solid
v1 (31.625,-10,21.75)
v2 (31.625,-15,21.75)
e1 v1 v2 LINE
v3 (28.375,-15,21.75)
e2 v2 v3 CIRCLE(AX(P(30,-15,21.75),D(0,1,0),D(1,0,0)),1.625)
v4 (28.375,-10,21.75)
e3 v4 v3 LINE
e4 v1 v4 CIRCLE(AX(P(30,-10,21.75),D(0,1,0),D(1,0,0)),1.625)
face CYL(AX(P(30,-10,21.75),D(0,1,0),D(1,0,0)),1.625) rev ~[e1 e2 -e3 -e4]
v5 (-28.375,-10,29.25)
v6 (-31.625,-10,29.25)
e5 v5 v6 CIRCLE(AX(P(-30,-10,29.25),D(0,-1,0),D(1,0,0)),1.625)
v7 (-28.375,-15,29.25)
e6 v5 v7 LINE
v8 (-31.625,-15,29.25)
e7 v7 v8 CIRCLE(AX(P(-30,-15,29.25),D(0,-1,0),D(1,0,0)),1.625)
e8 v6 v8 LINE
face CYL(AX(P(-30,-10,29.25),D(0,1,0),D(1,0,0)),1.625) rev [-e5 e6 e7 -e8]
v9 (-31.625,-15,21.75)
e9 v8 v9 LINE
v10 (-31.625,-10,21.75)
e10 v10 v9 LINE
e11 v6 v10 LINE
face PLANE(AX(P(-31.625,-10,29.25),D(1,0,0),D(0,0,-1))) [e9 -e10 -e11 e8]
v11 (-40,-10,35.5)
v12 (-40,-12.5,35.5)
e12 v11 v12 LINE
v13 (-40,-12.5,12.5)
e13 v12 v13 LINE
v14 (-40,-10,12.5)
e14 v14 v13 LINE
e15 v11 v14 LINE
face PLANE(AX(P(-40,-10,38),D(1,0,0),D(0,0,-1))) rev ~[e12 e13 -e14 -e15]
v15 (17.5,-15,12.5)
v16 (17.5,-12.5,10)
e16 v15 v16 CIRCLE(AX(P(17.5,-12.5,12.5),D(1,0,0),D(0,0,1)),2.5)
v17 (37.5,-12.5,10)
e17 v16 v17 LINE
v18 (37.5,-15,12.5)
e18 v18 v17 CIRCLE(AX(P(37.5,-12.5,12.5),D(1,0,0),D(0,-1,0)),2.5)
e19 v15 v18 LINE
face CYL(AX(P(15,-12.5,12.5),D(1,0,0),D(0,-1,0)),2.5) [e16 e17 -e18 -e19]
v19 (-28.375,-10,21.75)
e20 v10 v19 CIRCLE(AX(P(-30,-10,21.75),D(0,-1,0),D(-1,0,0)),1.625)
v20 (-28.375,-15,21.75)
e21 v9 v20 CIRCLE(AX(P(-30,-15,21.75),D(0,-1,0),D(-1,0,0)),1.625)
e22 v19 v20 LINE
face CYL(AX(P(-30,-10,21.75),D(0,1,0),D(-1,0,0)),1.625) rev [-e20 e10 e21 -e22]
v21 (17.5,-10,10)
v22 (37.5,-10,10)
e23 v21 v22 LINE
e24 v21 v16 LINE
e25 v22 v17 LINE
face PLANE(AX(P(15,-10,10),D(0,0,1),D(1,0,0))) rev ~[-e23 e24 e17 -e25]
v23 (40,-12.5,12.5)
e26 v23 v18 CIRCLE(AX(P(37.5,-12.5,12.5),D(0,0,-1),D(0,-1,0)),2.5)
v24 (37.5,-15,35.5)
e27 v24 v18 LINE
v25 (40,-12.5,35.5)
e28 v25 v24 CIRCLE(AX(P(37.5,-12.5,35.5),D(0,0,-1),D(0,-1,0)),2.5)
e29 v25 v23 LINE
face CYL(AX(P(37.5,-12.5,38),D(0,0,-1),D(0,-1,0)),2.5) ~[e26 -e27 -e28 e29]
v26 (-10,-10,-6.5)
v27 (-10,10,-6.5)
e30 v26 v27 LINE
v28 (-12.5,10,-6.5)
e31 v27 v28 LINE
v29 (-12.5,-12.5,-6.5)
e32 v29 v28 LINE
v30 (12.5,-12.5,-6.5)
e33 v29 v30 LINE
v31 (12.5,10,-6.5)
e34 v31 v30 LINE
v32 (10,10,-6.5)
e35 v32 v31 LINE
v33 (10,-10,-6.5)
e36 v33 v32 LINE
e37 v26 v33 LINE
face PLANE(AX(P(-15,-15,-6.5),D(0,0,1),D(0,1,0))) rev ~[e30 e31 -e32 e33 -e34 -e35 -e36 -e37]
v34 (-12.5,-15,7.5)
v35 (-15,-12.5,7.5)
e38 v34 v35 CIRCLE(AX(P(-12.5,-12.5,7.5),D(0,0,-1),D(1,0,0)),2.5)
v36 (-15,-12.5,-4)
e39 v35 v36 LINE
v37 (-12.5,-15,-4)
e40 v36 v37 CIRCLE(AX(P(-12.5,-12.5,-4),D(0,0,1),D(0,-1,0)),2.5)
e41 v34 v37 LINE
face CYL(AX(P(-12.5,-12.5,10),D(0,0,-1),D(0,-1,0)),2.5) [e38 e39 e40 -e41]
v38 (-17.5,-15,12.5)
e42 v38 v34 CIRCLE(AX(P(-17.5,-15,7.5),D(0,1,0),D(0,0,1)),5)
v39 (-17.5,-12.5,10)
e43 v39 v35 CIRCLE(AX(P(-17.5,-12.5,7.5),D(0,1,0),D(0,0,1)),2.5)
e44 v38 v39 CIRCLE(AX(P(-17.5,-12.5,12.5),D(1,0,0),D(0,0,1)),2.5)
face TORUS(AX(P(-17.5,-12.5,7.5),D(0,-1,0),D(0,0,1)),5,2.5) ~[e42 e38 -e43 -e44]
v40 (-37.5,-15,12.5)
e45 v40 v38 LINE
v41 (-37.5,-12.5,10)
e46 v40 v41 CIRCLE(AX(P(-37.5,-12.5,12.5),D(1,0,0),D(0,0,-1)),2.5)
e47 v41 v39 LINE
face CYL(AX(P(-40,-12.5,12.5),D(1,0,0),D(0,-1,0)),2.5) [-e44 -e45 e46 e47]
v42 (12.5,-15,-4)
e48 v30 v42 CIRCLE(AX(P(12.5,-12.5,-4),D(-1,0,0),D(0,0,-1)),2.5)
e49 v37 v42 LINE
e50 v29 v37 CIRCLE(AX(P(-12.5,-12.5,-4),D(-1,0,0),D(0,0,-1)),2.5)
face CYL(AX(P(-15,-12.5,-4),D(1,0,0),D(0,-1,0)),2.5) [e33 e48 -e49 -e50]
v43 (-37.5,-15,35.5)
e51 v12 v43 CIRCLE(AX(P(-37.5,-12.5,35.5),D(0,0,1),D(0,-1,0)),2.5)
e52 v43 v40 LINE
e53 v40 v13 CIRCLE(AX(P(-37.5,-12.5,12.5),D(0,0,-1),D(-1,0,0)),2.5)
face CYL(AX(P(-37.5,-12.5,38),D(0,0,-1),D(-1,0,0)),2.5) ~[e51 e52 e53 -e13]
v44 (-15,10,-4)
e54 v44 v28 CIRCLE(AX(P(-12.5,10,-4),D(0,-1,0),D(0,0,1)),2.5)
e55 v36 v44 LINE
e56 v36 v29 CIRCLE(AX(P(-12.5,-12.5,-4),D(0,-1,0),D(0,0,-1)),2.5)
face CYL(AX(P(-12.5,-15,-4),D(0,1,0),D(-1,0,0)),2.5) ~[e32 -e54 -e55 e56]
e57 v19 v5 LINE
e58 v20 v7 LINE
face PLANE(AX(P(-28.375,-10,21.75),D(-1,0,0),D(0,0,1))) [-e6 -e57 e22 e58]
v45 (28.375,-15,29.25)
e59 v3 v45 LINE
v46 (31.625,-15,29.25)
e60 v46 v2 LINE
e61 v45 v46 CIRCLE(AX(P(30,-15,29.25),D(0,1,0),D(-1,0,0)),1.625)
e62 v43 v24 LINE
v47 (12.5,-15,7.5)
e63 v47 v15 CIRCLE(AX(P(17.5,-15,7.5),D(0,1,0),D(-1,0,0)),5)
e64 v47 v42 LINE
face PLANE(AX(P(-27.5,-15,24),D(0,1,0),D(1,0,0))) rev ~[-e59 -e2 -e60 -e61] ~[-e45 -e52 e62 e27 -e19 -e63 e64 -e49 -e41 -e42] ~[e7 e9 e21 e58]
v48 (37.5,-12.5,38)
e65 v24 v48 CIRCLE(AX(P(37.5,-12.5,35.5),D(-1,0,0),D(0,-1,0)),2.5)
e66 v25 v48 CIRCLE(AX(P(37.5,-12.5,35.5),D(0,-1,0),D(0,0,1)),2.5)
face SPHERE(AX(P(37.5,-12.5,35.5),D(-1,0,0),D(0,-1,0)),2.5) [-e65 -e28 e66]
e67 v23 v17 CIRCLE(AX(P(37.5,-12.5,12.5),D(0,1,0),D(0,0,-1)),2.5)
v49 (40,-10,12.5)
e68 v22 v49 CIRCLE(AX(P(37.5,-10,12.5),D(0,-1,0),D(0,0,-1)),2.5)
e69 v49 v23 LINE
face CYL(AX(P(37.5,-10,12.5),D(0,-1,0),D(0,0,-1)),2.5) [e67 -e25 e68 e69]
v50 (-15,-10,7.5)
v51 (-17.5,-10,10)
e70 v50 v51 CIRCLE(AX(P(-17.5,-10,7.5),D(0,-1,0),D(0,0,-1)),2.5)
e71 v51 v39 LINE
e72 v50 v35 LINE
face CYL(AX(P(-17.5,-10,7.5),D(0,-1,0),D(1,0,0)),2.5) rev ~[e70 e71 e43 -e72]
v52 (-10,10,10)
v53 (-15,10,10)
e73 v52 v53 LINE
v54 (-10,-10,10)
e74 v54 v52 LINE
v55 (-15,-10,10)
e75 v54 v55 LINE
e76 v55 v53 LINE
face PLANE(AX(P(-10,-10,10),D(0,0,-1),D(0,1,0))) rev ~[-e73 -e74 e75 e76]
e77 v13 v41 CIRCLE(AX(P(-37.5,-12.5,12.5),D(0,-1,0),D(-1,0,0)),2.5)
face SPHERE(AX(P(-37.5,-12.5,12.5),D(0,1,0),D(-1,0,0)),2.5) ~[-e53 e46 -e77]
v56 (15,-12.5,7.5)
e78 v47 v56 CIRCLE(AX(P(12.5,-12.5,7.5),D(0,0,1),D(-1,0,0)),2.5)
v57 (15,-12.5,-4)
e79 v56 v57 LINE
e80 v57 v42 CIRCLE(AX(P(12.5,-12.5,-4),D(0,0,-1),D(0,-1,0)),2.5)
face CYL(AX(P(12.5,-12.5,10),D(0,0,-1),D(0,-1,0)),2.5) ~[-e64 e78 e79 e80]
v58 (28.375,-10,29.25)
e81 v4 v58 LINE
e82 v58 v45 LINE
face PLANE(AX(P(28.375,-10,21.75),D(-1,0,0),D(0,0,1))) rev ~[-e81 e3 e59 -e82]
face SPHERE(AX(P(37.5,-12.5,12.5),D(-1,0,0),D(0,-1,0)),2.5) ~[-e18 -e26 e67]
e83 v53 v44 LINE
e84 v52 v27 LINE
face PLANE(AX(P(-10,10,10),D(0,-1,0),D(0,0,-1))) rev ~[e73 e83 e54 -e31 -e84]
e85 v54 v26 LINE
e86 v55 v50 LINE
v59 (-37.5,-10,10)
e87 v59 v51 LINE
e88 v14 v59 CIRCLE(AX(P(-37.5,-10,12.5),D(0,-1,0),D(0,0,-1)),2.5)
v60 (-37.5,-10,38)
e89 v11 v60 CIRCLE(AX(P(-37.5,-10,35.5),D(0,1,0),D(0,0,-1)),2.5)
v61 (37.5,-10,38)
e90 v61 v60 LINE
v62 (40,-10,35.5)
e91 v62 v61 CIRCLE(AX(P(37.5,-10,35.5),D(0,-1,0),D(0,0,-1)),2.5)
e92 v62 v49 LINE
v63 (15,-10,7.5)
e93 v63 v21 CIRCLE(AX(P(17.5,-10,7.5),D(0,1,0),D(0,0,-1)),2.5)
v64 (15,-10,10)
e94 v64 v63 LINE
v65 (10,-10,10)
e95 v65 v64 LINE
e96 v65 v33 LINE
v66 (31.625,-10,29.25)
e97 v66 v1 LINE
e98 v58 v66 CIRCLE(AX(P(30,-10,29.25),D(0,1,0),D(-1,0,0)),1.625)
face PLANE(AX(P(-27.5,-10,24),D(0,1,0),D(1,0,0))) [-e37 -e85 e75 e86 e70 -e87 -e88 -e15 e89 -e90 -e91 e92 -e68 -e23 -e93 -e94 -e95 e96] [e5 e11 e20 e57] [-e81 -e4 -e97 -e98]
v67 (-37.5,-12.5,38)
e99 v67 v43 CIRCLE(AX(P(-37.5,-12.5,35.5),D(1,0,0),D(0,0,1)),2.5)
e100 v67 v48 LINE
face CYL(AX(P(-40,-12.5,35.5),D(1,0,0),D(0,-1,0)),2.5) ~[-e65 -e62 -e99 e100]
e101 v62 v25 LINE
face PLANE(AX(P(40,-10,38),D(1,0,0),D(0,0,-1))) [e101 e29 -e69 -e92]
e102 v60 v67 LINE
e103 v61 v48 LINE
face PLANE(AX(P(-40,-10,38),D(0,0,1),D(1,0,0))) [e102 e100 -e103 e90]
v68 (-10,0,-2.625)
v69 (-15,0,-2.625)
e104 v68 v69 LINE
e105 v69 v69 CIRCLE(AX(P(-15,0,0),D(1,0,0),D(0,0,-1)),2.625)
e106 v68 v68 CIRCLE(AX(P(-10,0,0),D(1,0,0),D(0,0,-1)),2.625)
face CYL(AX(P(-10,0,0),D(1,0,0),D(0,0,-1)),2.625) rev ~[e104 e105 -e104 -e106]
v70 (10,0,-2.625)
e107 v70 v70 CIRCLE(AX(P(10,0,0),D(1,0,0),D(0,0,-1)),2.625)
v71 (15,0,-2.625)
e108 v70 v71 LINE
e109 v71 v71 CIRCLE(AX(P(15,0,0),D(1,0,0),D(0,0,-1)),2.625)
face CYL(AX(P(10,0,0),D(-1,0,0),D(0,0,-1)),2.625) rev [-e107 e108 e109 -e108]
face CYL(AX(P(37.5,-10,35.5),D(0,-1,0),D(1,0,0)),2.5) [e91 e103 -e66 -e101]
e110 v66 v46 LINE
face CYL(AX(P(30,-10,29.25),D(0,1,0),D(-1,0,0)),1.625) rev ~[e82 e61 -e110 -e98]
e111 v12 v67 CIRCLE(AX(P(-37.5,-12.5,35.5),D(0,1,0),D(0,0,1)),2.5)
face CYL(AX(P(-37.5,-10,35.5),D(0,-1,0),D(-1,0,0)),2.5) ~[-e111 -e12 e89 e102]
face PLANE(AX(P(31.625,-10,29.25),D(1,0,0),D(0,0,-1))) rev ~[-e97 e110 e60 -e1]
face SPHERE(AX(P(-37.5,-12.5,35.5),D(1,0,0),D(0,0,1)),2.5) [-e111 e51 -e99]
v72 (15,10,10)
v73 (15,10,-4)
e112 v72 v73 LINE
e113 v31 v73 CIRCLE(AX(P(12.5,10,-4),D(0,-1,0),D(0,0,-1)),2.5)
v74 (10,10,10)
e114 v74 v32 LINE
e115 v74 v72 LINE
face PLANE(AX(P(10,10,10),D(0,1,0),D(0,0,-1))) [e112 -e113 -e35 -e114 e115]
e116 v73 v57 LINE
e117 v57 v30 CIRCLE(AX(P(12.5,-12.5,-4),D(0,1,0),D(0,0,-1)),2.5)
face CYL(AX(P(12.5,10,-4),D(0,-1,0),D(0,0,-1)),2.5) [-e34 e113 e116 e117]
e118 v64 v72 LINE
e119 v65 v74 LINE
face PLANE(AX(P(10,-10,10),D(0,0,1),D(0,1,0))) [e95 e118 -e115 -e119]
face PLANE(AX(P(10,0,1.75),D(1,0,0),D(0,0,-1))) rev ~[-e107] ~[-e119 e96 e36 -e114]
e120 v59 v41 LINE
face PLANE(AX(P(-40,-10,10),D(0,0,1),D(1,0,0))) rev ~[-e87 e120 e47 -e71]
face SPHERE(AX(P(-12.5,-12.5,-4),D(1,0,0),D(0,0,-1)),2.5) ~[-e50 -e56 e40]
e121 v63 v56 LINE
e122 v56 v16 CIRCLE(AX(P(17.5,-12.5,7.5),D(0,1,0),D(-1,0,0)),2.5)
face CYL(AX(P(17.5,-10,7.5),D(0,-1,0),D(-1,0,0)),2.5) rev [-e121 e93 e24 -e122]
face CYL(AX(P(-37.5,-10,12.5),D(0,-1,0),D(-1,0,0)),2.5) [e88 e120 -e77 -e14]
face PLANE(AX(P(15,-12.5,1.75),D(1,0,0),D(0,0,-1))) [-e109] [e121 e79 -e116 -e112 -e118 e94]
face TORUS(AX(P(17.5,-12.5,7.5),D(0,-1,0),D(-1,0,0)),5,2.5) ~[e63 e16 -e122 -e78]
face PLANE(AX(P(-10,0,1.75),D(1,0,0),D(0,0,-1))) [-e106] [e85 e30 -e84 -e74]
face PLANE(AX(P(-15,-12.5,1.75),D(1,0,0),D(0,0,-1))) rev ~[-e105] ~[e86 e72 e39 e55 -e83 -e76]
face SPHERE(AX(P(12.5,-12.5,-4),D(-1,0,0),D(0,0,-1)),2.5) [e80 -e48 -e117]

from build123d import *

# Parameters (mm, degrees)
BOSS_EXTRUDE1_START = 10
SKETCH1_W           = 16.5
SKETCH1_H           = 20
SKETCH1_R           = 2.625
BOSS_EXTRUDE1_DEPTH = 5
BOSS_EXTRUDE2_START = -10
SKETCH1_3_W         = 16.5
SKETCH1_3_H         = 20
SKETCH1_3_R         = 2.625
BOSS_EXTRUDE2_DEPTH = 5
BOSS_EXTRUDE3_START = -15
SKETCH1_4_W         = 16.5
SKETCH1_4_H         = 5
SKETCH1_4_W_2       = 28
BOSS_EXTRUDE3_DEPTH = 30
SKETCH2_W           = 25
SKETCH2_H           = 28
BOSS_EXTRUDE4_DEPTH = 5
FILLET1_R           = 2.5


with BuildPart() as part:
    # Sketch1 → Boss-Extrude1 (new body)
    with BuildSketch(Plane(origin=(0, 0, 0), x_dir=(0, 0, -1), z_dir=(1, 0, 0)).offset(BOSS_EXTRUDE1_START)):
        with Locations((-1.75, 0)):
            Rectangle(SKETCH1_W, SKETCH1_H)
        Circle(SKETCH1_R, mode=Mode.SUBTRACT)
    extrude(amount=BOSS_EXTRUDE1_DEPTH)



with BuildPart() as body_2:
    # Sketch1<3> → Boss-Extrude2 (new body)
    with BuildSketch(Plane(origin=(0, 0, 0), x_dir=(0, 0, -1), z_dir=(1, 0, 0)).offset(BOSS_EXTRUDE2_START)):
        with Locations((-1.75, 0)):
            Rectangle(SKETCH1_3_W, SKETCH1_3_H)
        Circle(SKETCH1_3_R, mode=Mode.SUBTRACT)
    extrude(amount=-BOSS_EXTRUDE2_DEPTH)


with BuildPart() as part_1:
    add(part.part)

    add(body_2.part)  # Boss-Extrude3 merges body 2
    # Sketch1<4> → Boss-Extrude3 (add)
    with BuildSketch(Plane(origin=(0, 0, 0), x_dir=(0, 0, -1), z_dir=(1, 0, 0)).offset(BOSS_EXTRUDE3_START)):
        with Locations((-1.75, -12.5)):
            Rectangle(SKETCH1_4_W, SKETCH1_4_H)
        with Locations((-24, -12.5)):
            Rectangle(SKETCH1_4_W_2, SKETCH1_4_H)
    extrude(amount=BOSS_EXTRUDE3_DEPTH)

    # Sketch2 → Boss-Extrude4 (add)
    with BuildSketch(Plane(origin=(0, -10, 0), x_dir=(1, 0, 0), z_dir=(0, 1, 0))):
        with Locations((-27.5, -24)):
            Rectangle(SKETCH2_W, SKETCH2_H)
        with BuildLine():
            Line((-31.625, -29.25), (-31.625, -21.75))
            ThreePointArc((-31.625, -21.75), (-30, -20.125), (-28.375, -21.75))
            Line((-28.375, -21.75), (-28.375, -29.25))
            ThreePointArc((-28.375, -29.25), (-30, -30.875), (-31.625, -29.25))
        make_face(mode=Mode.SUBTRACT)
        with Locations((27.5, -24)):
            Rectangle(SKETCH2_W, SKETCH2_H)
        with BuildLine():
            Line((31.625, -29.25), (31.625, -21.75))
            ThreePointArc((31.625, -21.75), (30, -20.125), (28.375, -21.75))
            Line((28.375, -21.75), (28.375, -29.25))
            ThreePointArc((28.375, -29.25), (30, -30.875), (31.625, -29.25))
        make_face(mode=Mode.SUBTRACT)
    extrude(amount=-BOSS_EXTRUDE4_DEPTH)

    # Fillet1
    fillet1_edges = [part_1.edges().sort_by_distance(p)[0] for p in [
        (0, -15, -6.5),
        (-15, -2.5, -6.5),
        (0, -15, 38),
        (-15, -15, 1.75),
        (15, -2.5, -6.5),
        (15, -15, 1.75),
        (-40, -12.5, 38),
        (-40, -12.5, 10),
        (-15, -12.5, 10),
        (-40, -15, 24),
        (-27.5, -15, 10),
        (27.5, -15, 10),
        (15, -12.5, 10),
        (40, -15, 24),
        (40, -12.5, 10),
        (40, -12.5, 38),
    ]]
    fillet(fillet1_edges, radius=FILLET1_R)


solid = part_1.part
